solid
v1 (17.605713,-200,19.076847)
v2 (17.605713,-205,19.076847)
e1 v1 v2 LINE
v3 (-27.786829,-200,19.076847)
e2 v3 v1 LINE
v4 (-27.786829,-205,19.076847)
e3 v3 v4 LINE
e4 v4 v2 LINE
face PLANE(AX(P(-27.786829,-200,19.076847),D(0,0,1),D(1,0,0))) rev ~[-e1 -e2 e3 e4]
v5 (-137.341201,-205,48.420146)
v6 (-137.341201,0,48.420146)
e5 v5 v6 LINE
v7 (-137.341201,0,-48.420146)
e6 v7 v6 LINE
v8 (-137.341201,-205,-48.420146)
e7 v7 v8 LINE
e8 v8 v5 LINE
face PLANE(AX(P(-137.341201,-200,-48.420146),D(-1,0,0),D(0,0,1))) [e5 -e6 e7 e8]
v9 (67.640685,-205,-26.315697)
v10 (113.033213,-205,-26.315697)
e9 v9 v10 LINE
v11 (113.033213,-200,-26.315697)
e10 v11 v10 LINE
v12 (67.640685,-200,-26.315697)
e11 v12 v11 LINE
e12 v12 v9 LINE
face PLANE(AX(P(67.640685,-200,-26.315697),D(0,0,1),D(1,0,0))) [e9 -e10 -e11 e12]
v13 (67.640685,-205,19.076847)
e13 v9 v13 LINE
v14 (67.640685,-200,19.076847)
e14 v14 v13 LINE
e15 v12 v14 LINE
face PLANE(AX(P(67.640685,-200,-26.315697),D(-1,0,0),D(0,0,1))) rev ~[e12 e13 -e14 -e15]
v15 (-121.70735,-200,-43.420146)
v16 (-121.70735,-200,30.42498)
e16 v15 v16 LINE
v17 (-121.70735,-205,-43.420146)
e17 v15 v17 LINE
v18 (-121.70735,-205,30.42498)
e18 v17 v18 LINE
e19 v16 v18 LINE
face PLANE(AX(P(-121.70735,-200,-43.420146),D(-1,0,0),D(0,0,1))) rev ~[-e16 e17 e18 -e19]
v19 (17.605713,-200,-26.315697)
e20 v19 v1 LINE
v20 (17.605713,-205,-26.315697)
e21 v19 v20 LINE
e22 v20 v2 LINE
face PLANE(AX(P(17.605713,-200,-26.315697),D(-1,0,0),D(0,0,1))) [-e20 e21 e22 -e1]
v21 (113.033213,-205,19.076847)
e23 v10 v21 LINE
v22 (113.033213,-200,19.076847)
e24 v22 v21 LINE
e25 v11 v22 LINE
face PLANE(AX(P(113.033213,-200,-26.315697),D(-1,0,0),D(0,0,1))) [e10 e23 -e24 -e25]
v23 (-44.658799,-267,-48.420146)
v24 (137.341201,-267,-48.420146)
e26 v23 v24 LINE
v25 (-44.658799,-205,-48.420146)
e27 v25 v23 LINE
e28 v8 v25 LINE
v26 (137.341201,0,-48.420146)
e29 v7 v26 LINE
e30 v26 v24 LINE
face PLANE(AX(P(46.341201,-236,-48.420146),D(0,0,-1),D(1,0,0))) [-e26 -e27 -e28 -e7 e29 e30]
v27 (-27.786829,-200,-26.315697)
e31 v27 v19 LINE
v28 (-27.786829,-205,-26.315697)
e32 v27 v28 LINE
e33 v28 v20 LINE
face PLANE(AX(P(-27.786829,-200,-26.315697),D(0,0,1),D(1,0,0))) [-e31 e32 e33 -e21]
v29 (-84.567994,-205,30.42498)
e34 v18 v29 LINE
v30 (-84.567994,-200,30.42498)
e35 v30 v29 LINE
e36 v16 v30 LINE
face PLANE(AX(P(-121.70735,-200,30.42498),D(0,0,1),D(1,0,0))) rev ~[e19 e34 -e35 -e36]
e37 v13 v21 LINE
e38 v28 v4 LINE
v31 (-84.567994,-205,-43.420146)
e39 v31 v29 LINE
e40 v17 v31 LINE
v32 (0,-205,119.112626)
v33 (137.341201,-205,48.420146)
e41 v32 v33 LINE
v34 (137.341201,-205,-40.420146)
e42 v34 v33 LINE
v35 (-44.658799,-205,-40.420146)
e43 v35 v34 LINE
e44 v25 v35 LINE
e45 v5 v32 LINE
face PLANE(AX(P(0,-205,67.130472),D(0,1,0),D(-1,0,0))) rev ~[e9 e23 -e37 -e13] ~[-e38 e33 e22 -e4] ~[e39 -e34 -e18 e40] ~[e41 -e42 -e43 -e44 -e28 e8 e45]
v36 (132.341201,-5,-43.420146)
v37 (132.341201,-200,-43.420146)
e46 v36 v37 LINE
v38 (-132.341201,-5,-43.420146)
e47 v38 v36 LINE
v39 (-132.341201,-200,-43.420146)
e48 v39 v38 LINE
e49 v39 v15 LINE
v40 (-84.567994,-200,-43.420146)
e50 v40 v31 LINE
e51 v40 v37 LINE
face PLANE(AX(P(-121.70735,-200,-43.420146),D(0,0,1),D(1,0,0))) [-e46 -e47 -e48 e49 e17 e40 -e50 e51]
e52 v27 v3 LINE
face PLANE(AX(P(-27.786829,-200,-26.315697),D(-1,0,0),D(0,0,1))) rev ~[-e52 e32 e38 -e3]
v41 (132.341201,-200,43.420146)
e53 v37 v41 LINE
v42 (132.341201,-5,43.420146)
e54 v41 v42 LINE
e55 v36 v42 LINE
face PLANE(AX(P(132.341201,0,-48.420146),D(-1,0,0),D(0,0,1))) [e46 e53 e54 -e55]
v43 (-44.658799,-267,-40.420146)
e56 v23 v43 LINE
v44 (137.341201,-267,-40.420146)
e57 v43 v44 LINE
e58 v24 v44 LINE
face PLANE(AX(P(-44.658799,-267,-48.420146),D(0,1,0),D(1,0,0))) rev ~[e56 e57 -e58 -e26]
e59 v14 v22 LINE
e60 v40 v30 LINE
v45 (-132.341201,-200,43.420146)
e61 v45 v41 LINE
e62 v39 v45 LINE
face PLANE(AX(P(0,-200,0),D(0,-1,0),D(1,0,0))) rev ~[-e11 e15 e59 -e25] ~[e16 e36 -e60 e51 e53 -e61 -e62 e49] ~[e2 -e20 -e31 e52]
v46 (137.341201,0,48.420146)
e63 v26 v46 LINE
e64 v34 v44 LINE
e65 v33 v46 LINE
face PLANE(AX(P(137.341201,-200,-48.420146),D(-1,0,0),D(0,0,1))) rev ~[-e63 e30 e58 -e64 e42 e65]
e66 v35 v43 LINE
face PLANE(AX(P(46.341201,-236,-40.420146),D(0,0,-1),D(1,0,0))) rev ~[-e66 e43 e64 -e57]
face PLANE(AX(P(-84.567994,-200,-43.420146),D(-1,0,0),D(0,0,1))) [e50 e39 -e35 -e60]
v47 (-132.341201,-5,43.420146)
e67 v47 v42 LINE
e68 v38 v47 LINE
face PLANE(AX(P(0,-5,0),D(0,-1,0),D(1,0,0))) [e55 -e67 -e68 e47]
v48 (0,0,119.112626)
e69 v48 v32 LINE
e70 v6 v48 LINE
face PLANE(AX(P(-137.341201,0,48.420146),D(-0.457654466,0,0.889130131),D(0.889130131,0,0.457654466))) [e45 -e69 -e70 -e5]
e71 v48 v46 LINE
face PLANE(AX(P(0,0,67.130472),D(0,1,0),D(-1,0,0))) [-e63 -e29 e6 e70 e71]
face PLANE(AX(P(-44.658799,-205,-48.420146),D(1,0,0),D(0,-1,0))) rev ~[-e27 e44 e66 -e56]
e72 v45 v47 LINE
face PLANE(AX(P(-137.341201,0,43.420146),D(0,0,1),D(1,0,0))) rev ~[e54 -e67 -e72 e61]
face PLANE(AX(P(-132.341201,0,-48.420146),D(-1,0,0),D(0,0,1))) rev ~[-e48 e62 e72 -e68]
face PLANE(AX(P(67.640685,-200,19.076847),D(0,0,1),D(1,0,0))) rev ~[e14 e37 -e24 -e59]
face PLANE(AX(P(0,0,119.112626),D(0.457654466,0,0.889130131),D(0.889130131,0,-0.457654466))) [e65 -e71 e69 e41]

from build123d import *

# Parameters (mm, degrees)
F0_W     = 274.682402
F0_H     = 96.840292
F1_DEPTH = 200
F2_T     = -5
F3_W     = 274.682402
F3_H     = 96.840292
F3_W_2   = 37.139356
F3_H_2   = 73.845126
F3_W_3   = 45.392542
F3_H_3   = 45.392544
F3_W_4   = 45.392528
F4_DEPTH = 5
F6_DEPTH = 205
F7_W     = 182
F7_H     = 62
F8_DEPTH = 8


with BuildPart() as f1:
    # F0 (on Front) → F1 (new body)
    with BuildSketch(Plane.XZ):
        Rectangle(F0_W, F0_H)
    extrude(amount=F1_DEPTH)

    # F2
    f2_openings = [f1.faces().sort_by_distance(p)[0] for p in [
        (0, -200, 0),
    ]]
    offset(amount=F2_T, openings=f2_openings)

    # F3 (on face) → F4 (join)
    with BuildSketch(Plane.XZ.offset(200)):
        Rectangle(F3_W, F3_H)
        with Locations((-103.137672, -6.497583)):
            Rectangle(F3_W_2, F3_H_2, mode=Mode.SUBTRACT)
        with Locations((-5.090558, -3.619425)):
            Rectangle(F3_W_3, F3_H_3, mode=Mode.SUBTRACT)
        with Locations((90.336949, -3.619425)):
            Rectangle(F3_W_4, F3_H_3, mode=Mode.SUBTRACT)
    extrude(amount=F4_DEPTH)

    # F5 (on face) → F6 (join)
    with BuildSketch(Plane(origin=(0, 0, 0), x_dir=(-1, 0, 0), z_dir=(0, 1, 0))):
        Polygon((0, 119.112626), (-137.341201, 48.420146), (137.341201, 48.420146), align=None)
    extrude(amount=-F6_DEPTH)

    # F7 (on face) → F8 (join)
    with BuildSketch(Plane(origin=(0, 0, -48.420146), x_dir=(1, 0, 0), z_dir=(0, 0, -1))):
        with Locations((46.341201, 236)):
            Rectangle(F7_W, F7_H)
    extrude(amount=-F8_DEPTH)


solid = f1.part
